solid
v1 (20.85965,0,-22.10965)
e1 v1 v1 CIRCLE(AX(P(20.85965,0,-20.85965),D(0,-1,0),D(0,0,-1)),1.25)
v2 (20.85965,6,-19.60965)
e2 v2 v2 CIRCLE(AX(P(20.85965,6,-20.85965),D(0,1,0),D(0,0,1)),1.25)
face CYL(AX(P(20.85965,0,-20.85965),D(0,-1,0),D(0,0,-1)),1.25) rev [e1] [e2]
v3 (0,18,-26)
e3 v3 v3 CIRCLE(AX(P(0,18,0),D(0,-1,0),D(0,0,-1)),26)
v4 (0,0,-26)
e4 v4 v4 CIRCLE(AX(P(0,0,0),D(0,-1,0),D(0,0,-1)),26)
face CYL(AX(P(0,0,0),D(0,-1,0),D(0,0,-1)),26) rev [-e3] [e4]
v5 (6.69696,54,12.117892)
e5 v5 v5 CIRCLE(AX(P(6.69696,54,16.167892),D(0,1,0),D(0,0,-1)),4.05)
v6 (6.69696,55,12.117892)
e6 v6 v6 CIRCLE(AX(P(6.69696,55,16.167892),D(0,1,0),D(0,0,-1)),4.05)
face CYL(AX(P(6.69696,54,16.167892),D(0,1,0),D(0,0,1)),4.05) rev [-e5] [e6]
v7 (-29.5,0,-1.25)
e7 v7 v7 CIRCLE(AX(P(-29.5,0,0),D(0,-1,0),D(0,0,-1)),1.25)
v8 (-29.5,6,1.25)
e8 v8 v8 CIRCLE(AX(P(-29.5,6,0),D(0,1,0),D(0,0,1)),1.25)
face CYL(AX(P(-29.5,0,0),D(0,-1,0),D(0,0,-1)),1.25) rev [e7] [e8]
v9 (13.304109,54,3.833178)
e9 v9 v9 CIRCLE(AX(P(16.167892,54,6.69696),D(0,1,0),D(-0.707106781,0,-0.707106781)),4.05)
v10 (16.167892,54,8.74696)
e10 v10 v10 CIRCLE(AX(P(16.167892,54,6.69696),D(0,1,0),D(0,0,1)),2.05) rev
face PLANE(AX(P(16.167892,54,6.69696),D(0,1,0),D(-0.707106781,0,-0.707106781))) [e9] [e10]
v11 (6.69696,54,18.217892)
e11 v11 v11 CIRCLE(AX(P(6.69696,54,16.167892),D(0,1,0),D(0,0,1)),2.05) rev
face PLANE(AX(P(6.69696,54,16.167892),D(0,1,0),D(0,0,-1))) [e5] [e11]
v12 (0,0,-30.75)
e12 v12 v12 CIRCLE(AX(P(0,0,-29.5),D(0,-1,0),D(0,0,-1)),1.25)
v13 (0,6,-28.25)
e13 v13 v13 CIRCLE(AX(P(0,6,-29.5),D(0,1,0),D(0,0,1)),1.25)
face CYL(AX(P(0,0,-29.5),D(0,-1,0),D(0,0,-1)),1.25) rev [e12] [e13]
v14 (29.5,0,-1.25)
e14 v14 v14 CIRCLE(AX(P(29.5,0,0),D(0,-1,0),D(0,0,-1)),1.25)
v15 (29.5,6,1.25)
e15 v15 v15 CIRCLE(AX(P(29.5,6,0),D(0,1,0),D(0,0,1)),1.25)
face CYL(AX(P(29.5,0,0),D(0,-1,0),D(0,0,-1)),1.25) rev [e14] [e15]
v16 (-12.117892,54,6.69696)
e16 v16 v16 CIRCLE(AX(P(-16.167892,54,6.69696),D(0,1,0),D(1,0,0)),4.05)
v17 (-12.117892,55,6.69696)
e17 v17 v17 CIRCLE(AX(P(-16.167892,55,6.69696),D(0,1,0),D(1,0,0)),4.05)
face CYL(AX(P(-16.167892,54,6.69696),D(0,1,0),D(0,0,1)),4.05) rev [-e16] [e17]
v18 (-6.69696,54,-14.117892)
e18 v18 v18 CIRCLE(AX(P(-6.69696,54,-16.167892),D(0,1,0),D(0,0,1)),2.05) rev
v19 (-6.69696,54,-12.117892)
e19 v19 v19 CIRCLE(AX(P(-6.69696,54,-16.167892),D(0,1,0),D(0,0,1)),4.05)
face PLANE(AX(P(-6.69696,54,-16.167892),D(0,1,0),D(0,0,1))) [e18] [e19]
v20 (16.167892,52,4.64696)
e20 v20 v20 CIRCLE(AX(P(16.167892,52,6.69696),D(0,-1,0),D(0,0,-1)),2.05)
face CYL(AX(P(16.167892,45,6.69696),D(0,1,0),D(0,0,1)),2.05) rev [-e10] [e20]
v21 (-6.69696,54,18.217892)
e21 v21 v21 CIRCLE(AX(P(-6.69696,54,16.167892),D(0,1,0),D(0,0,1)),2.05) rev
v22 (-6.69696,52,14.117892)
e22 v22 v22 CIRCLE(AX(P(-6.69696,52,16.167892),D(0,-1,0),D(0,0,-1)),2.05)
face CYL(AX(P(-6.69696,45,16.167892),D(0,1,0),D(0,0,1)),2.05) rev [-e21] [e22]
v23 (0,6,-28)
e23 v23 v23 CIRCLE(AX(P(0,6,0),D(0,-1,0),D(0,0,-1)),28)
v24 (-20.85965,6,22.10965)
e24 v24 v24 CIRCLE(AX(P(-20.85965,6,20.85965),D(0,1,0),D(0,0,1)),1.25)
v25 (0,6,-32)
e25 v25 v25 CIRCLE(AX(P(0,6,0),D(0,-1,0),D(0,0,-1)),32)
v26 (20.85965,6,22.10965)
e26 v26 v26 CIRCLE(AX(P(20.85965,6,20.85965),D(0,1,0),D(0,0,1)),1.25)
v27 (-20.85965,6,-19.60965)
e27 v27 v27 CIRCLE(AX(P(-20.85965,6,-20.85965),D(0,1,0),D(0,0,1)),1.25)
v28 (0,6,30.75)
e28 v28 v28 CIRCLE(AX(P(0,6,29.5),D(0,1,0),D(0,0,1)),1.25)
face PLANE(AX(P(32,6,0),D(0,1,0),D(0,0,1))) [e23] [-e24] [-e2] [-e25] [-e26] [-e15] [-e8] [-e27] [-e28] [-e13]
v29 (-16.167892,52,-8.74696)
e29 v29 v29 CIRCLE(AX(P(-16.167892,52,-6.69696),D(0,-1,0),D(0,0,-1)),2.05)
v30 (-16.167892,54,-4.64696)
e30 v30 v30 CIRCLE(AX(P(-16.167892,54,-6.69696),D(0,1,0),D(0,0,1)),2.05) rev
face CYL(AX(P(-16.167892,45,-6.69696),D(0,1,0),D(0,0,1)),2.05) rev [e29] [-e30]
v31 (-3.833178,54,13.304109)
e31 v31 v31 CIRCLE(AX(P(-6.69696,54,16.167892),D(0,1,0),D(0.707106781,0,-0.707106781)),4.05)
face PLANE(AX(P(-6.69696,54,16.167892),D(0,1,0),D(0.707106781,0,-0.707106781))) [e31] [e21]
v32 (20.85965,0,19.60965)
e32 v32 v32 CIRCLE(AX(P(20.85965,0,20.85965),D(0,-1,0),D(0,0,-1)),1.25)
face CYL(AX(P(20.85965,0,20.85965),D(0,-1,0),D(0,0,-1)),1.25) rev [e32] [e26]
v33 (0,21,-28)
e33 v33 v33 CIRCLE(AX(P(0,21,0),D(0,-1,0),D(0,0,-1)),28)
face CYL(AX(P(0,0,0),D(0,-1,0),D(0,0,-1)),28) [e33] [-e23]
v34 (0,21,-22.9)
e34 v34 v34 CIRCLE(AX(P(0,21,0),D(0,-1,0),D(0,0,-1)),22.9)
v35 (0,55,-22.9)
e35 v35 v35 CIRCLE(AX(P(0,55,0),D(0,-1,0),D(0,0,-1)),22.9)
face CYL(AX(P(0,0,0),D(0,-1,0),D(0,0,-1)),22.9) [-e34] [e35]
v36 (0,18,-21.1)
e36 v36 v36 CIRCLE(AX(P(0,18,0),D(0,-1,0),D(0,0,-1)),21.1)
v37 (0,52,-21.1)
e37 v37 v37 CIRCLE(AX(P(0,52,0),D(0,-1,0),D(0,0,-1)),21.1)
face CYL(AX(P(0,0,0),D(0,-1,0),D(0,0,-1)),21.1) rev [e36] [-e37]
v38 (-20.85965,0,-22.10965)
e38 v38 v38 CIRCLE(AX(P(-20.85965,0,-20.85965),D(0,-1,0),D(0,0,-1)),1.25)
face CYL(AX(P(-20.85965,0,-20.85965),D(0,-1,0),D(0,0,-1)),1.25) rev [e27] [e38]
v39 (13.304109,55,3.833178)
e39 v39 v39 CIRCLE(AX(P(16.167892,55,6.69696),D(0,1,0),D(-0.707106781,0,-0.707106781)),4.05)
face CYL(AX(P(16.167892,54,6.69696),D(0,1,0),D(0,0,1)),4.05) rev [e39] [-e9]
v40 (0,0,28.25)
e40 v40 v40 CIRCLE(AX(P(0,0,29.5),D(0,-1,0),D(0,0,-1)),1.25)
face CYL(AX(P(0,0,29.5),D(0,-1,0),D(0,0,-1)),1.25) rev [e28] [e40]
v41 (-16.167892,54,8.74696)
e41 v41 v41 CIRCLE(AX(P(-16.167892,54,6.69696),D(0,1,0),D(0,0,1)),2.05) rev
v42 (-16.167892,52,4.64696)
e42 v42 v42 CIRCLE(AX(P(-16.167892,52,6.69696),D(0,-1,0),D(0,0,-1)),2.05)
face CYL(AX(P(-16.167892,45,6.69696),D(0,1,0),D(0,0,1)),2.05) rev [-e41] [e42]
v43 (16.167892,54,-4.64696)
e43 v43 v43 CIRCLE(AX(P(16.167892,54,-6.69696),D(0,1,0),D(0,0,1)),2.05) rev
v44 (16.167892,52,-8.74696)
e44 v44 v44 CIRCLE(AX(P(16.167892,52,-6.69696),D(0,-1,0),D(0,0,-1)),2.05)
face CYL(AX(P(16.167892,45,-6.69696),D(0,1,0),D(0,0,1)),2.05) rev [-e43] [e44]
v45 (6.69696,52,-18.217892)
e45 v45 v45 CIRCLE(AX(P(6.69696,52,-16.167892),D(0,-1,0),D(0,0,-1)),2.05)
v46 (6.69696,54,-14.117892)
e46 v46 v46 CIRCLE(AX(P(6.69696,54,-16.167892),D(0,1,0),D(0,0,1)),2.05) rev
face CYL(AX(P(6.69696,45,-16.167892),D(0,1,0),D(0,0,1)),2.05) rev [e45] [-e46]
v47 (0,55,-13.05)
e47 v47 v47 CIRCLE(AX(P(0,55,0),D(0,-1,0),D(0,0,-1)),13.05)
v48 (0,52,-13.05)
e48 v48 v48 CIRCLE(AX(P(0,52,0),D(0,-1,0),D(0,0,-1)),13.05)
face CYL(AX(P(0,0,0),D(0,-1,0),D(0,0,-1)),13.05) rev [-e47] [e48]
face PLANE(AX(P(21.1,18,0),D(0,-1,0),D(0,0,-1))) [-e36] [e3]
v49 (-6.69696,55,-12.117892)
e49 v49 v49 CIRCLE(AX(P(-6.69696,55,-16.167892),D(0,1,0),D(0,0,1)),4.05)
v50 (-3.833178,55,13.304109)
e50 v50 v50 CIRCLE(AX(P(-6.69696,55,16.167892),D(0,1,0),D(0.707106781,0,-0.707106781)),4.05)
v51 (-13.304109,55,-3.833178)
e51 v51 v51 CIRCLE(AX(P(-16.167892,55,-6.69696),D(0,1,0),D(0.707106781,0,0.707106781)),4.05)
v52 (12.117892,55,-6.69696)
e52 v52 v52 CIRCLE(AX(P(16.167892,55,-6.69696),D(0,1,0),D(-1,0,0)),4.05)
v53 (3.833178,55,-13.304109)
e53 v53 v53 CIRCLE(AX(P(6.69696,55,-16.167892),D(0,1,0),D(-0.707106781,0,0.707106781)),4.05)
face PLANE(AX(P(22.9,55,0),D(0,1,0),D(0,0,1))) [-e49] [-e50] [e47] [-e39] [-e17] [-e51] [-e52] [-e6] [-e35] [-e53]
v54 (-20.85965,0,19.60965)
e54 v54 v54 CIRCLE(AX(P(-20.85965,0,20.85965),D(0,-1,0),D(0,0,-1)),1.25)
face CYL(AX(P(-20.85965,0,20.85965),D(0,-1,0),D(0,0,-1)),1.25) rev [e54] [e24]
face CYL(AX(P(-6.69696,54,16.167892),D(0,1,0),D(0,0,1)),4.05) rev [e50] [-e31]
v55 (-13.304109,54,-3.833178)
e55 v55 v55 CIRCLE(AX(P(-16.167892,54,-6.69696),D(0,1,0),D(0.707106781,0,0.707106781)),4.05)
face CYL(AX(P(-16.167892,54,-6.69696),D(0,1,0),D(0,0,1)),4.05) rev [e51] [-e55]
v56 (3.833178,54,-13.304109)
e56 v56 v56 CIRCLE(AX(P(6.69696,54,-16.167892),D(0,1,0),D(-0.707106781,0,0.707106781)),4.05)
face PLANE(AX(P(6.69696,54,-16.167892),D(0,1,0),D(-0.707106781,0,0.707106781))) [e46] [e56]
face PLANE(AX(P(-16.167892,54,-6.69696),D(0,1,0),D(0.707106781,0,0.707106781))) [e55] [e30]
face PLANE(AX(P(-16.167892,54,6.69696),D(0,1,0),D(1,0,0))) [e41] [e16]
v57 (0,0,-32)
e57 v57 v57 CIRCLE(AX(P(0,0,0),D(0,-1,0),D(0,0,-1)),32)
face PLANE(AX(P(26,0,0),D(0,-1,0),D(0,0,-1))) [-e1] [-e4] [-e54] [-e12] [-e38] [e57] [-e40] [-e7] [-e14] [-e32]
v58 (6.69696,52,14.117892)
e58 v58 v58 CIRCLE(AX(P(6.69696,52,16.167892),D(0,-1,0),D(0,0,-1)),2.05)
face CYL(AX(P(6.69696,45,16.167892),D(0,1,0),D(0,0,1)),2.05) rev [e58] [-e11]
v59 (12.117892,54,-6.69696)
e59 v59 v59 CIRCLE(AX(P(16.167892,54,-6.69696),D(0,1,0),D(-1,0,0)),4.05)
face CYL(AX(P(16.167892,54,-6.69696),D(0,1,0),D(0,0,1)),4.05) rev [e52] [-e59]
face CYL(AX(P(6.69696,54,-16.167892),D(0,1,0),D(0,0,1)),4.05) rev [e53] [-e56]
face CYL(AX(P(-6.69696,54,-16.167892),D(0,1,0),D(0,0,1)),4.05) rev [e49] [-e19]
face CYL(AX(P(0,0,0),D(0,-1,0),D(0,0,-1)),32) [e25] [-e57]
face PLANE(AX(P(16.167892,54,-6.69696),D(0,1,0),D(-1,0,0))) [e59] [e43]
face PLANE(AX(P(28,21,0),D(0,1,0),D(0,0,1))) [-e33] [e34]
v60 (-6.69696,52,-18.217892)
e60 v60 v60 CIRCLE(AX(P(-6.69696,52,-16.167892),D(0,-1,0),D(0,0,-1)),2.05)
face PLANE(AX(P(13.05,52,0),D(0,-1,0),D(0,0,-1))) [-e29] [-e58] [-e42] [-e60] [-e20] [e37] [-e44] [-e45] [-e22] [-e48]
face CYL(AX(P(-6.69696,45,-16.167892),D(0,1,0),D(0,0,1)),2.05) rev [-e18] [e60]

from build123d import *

# Parameters (mm, degrees)
HOLE_WIZARD_M3_1_D       = 2.5
PATTERN_CIRCULAR_1_COUNT = 2
PATTERN_CIRCULAR_1_ANGLE = 45
SKETCH_5_R               = 2.05
CUT_EXTRUDE_1_DEPTH      = 10
PATTERN_CIRCULAR_2_COUNT = 8
SKETCH_6_R               = 4.05
CUT_EXTRUDE_2_DEPTH      = 1
PATTERN_CIRCULAR_3_COUNT = 8


with BuildPart() as part:
    # 草图1 → 旋转1 (revolve)
    with BuildSketch(Plane.XY, mode=Mode.PRIVATE) as revolve_1_sk:
        Polygon((32, 0), (32, 6), (28, 6), (28, 21), (22.9, 21), (22.9, 55), (13.05, 55), (13.05, 52), (21.1, 52), (21.1, 18), (26, 18), (26, 0), align=None)
    revolve(revolve_1_sk.sketch.rotate(Axis((0, 0, 0), (0, 1, 0)), 90), axis=Axis((0, 0, 0), (0, 1, 0)))

    # M3 螺纹孔1 (through all)
    with Locations(Plane(origin=(0, 0, 0), x_dir=(-1, 0, 0), z_dir=(0, -1, 0))):
        with Locations((0, 29.5), (29.5, 0), (0, -29.5), (-29.5, 0)):
            hole_wizard_m3_1 = Hole(HOLE_WIZARD_M3_1_D / 2)

    # 阵列(圆周)1: M3 螺纹孔1 ×2 about axis
    pattern_circular_1_axis = Axis((0, 0, 0), (0, -1, 0))
    for i in range(1, PATTERN_CIRCULAR_1_COUNT):
        add(hole_wizard_m3_1.rotate(pattern_circular_1_axis, i * PATTERN_CIRCULAR_1_ANGLE / (PATTERN_CIRCULAR_1_COUNT - 1)), mode=Mode.SUBTRACT)

    # 草图5 → 切除-拉伸1 (cut)
    with BuildSketch(Plane(origin=(0, 55, 0), x_dir=(1, 0, 0), z_dir=(0, 1, 0))):
        with Locations(Location((-6.696960066, 16.167891819, 0), (0, 0, 270))):
            Circle(SKETCH_5_R)
    cut_extrude_1 = extrude(amount=-CUT_EXTRUDE_1_DEPTH, mode=Mode.SUBTRACT)

    # 阵列(圆周)2: 切除-拉伸1 ×8 about axis
    pattern_circular_2_axis = Axis((0, 0, 0), (0, 1, 0))
    for i in range(1, PATTERN_CIRCULAR_2_COUNT):
        add(cut_extrude_1.rotate(pattern_circular_2_axis, i * 360 / PATTERN_CIRCULAR_2_COUNT), mode=Mode.SUBTRACT)

    # 草图6 → 切除-拉伸2 (cut)
    with BuildSketch(Plane(origin=(0, 55, 0), x_dir=(1, 0, 0), z_dir=(0, 1, 0))):
        with Locations(Location((-6.696960066, 16.167891819, 0), (0, 0, 270))):
            Circle(SKETCH_6_R)
    cut_extrude_2 = extrude(amount=-CUT_EXTRUDE_2_DEPTH, mode=Mode.SUBTRACT)

    # 阵列(圆周)3: 切除-拉伸2 ×8 about axis
    pattern_circular_3_axis = Axis((0, 0, 0), (0, 1, 0))
    for i in range(1, PATTERN_CIRCULAR_3_COUNT):
        add(cut_extrude_2.rotate(pattern_circular_3_axis, i * 360 / PATTERN_CIRCULAR_3_COUNT), mode=Mode.SUBTRACT)


solid = part.part
